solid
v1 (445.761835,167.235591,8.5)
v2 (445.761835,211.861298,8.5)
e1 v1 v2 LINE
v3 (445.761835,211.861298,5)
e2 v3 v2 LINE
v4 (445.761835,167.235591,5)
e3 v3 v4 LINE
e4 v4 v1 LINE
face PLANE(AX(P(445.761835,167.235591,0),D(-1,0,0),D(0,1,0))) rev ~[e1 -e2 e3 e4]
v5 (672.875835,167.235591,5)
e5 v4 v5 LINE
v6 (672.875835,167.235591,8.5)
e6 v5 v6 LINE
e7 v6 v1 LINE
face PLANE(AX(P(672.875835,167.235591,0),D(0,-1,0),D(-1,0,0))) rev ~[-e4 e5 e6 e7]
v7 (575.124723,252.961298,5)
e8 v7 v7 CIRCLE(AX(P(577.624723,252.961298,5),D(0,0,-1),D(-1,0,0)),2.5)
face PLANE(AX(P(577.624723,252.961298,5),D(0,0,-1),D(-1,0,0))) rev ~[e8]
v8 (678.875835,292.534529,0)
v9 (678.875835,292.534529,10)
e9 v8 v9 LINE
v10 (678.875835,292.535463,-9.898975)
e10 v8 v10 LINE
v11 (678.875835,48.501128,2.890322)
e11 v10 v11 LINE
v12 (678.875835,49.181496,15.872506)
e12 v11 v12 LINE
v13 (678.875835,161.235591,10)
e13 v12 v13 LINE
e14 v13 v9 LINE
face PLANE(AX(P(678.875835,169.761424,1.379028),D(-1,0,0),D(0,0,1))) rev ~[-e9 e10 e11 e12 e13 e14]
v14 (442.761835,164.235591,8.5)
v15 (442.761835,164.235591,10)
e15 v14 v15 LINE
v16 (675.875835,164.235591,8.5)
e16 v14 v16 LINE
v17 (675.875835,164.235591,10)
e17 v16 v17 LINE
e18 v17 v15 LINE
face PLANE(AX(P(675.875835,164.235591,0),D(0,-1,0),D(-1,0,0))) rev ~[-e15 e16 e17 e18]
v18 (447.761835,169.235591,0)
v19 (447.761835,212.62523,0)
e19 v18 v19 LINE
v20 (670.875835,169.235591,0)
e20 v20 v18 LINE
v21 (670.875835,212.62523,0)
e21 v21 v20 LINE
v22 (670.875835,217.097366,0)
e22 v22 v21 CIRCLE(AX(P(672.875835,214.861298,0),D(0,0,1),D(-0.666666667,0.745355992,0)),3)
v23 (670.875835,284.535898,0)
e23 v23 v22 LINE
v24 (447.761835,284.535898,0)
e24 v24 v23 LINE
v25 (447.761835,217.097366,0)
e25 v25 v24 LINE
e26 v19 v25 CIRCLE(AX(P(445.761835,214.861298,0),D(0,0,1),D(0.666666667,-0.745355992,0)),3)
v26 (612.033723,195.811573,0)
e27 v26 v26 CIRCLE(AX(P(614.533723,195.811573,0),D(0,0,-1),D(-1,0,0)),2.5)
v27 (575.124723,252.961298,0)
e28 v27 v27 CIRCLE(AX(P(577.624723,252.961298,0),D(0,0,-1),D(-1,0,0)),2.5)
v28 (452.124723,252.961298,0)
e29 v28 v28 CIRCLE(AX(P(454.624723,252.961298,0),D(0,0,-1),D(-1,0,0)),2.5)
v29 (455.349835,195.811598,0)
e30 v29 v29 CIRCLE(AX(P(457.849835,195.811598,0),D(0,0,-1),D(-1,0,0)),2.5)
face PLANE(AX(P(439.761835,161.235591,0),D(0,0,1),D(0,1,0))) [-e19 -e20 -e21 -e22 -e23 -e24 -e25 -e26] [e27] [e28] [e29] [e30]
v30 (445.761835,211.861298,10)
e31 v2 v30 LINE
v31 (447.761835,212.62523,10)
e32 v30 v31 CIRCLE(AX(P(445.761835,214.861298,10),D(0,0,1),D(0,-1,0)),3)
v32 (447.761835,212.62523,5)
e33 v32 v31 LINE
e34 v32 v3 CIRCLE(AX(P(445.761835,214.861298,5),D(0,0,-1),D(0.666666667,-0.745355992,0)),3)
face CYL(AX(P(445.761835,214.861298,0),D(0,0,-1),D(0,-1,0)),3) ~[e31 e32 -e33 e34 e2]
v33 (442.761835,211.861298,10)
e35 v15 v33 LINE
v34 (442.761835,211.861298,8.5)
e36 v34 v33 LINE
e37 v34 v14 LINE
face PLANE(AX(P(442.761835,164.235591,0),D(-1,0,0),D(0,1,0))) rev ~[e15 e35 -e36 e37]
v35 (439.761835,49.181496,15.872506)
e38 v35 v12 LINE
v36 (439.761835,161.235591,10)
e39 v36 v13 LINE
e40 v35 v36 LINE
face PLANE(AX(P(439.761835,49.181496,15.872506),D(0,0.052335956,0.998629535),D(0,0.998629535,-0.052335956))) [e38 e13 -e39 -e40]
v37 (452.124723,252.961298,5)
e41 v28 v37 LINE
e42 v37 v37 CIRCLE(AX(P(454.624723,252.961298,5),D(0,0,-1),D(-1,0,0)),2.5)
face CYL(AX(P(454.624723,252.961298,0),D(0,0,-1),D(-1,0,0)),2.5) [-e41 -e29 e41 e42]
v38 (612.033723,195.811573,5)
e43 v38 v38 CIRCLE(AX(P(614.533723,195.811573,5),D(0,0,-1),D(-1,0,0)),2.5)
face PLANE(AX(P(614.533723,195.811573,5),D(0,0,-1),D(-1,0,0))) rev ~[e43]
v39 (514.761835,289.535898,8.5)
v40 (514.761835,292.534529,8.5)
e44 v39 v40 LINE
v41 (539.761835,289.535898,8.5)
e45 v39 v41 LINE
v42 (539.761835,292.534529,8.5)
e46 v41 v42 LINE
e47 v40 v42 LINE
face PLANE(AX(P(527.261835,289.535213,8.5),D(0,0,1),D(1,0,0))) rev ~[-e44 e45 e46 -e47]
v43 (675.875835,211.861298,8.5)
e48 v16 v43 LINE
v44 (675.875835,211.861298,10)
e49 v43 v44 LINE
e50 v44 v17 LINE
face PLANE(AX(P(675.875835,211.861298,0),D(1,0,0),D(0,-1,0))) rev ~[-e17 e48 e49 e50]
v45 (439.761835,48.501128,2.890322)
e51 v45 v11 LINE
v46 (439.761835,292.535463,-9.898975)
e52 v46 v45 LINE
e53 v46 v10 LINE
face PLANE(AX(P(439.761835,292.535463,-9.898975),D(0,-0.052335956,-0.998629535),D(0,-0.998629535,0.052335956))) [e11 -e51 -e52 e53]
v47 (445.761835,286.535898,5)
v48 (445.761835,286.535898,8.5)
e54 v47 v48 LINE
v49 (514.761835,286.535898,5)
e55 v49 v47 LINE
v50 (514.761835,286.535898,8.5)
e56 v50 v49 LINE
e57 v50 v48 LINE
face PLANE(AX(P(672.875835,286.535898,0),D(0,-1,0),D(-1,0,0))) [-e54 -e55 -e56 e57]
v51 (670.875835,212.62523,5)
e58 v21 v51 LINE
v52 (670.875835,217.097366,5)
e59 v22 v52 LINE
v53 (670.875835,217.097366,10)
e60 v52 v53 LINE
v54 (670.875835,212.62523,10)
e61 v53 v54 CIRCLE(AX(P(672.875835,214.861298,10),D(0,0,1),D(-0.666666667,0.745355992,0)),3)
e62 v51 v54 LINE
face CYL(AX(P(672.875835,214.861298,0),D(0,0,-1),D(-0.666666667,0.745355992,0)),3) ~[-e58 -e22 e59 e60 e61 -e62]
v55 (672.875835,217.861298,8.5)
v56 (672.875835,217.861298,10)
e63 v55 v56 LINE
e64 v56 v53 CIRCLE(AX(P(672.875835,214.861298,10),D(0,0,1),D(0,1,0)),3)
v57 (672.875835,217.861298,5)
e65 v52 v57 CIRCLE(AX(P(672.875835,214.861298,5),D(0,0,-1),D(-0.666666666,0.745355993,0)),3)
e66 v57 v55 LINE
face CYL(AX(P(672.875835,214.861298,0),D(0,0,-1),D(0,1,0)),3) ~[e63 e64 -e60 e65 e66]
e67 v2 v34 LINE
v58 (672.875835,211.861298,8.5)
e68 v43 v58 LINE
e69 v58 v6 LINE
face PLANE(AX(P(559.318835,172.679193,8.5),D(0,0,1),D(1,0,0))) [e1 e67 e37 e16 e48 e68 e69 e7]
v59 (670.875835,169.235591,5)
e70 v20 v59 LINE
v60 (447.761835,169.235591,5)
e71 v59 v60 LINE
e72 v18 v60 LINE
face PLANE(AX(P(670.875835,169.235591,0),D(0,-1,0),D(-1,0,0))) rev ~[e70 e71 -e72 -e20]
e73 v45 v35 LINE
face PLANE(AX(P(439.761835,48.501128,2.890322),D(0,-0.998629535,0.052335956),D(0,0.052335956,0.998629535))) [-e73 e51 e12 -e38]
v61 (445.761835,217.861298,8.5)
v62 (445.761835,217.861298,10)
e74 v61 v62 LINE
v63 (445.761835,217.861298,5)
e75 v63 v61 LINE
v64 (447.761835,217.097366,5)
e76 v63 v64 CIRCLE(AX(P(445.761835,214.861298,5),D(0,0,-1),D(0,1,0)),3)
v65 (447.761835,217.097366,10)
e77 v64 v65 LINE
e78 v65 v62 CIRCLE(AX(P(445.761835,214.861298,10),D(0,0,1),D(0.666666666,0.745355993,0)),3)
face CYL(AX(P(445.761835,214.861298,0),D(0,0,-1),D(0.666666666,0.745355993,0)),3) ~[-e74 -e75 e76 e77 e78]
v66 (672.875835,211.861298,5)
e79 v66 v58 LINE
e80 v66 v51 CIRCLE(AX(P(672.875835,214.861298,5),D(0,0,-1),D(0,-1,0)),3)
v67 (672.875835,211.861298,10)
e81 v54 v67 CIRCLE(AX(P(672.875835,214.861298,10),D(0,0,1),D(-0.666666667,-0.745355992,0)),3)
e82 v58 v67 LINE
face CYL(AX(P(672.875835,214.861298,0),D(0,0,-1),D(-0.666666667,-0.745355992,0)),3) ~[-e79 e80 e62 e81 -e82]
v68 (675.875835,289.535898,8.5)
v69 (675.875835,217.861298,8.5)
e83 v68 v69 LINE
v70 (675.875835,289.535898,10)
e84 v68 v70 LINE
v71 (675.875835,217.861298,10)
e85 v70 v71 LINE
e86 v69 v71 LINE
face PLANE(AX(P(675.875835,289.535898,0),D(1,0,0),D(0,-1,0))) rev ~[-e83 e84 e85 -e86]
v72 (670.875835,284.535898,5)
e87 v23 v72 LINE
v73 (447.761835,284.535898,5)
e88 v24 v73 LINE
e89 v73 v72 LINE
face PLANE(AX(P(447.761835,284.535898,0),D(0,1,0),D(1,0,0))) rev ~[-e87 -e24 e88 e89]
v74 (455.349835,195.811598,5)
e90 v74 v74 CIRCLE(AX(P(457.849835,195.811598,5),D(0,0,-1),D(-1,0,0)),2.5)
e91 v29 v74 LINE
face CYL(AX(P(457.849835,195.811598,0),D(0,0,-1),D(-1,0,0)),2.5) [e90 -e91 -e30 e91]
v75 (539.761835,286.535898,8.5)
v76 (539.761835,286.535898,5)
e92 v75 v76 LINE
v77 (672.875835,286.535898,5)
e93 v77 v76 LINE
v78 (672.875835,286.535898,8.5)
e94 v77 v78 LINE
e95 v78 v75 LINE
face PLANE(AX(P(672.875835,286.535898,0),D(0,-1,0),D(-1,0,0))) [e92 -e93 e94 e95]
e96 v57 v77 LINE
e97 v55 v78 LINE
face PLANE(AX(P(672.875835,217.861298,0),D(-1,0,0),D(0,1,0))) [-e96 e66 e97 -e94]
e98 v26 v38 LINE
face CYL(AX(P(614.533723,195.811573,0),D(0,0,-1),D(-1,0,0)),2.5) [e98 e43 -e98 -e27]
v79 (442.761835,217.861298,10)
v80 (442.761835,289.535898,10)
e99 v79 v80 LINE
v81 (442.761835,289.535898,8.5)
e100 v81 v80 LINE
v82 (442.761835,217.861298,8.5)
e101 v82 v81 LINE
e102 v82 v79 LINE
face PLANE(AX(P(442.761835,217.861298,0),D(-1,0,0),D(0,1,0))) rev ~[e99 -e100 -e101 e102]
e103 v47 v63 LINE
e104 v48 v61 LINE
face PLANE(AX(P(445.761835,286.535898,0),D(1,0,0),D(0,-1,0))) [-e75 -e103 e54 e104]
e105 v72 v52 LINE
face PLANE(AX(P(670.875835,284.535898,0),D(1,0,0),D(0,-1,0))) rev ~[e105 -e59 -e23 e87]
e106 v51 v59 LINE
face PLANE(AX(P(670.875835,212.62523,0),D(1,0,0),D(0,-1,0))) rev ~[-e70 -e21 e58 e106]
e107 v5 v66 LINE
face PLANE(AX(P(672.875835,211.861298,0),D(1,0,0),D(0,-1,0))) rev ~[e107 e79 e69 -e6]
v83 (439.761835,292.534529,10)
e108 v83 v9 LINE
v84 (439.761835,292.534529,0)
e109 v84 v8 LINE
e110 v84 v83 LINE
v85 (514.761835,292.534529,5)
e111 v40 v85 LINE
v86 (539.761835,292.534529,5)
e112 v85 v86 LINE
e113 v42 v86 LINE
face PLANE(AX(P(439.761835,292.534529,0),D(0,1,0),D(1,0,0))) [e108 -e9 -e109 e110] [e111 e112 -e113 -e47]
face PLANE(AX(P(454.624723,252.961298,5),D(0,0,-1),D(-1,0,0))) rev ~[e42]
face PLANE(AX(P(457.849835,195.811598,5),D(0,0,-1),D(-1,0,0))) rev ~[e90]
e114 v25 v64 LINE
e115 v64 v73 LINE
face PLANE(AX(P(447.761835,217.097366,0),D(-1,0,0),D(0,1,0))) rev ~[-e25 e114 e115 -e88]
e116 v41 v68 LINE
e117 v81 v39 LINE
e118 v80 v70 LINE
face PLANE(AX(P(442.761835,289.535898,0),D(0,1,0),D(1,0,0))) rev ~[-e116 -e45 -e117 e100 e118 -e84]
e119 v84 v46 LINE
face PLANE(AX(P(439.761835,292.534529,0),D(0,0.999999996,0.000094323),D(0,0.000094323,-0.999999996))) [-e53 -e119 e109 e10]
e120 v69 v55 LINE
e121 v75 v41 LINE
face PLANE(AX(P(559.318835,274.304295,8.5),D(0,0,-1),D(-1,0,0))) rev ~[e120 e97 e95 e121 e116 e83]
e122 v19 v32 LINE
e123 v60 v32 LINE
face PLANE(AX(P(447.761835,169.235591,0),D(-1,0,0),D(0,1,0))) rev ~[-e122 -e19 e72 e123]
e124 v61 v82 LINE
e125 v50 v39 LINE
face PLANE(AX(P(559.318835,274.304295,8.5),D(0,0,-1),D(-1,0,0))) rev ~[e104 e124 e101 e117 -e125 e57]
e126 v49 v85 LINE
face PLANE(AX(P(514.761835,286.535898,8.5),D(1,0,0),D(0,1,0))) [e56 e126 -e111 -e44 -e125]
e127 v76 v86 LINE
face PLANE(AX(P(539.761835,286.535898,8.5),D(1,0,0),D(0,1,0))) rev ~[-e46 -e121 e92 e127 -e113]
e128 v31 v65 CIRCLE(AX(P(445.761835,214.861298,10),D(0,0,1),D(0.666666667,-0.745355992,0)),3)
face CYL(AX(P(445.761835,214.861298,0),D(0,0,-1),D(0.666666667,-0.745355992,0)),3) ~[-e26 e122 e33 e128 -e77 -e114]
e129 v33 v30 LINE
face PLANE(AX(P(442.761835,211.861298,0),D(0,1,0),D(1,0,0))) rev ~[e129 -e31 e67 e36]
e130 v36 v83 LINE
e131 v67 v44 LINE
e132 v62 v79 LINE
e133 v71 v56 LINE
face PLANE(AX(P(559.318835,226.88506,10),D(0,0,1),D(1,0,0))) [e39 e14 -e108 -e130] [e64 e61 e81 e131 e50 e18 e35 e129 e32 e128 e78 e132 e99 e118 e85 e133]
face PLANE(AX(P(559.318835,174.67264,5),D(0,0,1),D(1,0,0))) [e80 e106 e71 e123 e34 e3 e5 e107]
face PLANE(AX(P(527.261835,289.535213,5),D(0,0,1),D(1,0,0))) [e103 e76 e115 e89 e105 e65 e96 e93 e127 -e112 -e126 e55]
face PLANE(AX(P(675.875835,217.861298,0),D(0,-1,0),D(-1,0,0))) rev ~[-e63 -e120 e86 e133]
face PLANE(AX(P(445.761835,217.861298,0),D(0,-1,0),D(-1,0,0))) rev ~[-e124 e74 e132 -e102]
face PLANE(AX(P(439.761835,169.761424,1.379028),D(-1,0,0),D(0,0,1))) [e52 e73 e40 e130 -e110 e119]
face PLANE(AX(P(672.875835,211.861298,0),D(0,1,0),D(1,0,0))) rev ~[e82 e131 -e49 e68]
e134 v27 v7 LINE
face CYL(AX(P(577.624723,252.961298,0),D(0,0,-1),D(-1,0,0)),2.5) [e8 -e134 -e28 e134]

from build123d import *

# Parameters (mm, degrees)
MODEL_W             = 239.114
MODEL_H             = 131.298938207
EXTRUDE_2_DEPTH     = 10
EXTRUDE_3_DEPTH     = 8.5
EXTRUDE_4_DEPTH     = 5
SKETCH_3_R          = 2.5
EXTRUDE_5_DEPTH     = 5
EXTRUDE_5_2_DEPTH   = 5
EXTRUDE_5_3_DEPTH   = 5
EXTRUDE_5_4_DEPTH   = 5
EXTRUDE_6_DEPTH     = 239.114
SKETCH_5_W          = 25
SKETCH_5_H          = 5.998631207
CUT_EXTRUDE_1_DEPTH = 3.5


with BuildPart() as part:
    # Model → 凸台-拉伸2 (new body)
    with BuildSketch(Plane.XY):
        with Locations((559.31883528, 226.885059923)):
            Rectangle(MODEL_W, MODEL_H)
        with BuildLine():
            Line((442.76183528, 289.535897819), (675.87583528, 289.535897819))
            Line((675.87583528, 289.535897819), (675.87583528, 217.861297819))
            Line((675.87583528, 217.861297819), (672.87583528, 217.861297819))
            ThreePointArc((672.87583528, 217.861297819), (671.805369011, 217.663814896), (670.87583528, 217.097365797))
            ThreePointArc((670.87583528, 217.097365797), (669.87583528, 214.861297819), (670.87583528, 212.625229842))
            ThreePointArc((670.87583528, 212.625229842), (671.805369011, 212.058780742), (672.87583528, 211.861297819))
            Line((672.87583528, 211.861297819), (675.87583528, 211.861297819))
            Line((675.87583528, 211.861297819), (675.87583528, 164.235590819))
            Line((675.87583528, 164.235590819), (442.76183528, 164.235590819))
            Line((442.76183528, 164.235590819), (442.76183528, 211.861297819))
            Line((442.76183528, 211.861297819), (445.76183528, 211.861297819))
            ThreePointArc((445.76183528, 211.861297819), (446.832301549, 212.058780742), (447.76183528, 212.625229842))
            ThreePointArc((447.76183528, 212.625229842), (448.76183528, 214.861297819), (447.76183528, 217.097365797))
            ThreePointArc((447.76183528, 217.097365797), (446.832301549, 217.663814896), (445.76183528, 217.861297819))
            Line((445.76183528, 217.861297819), (442.76183528, 217.861297819))
            Line((442.76183528, 217.861297819), (442.76183528, 289.535897819))
        make_face(mode=Mode.SUBTRACT)
    extrude(amount=EXTRUDE_2_DEPTH)

    # Model<4> → 凸台-拉伸3 (add)
    with BuildSketch(Plane.XY):
        Polygon((445.76183528, 167.235590819), (445.76183528, 211.861297819), (442.76183528, 211.861297819), (442.76183528, 164.235590819), (675.87583528, 164.235590819), (675.87583528, 211.861297819), (672.87583528, 211.861297819), (672.87583528, 167.235590819), align=None)
        Polygon((442.76183528, 217.861297819), (442.76183528, 289.535897819), (675.87583528, 289.535897819), (675.87583528, 217.861297819), (672.87583528, 217.861297819), (672.87583528, 286.535897819), (445.76183528, 286.535897819), (445.76183528, 217.861297819), align=None)
    extrude(amount=EXTRUDE_3_DEPTH)

    # Model<5> → 凸台-拉伸4 (add)
    with BuildSketch(Plane.XY):
        with BuildLine():
            ThreePointArc((672.87583528, 211.861297819), (671.805369011, 212.058780742), (670.87583528, 212.625229842))
            Line((670.87583528, 212.625229842), (670.87583528, 169.235590819))
            Line((670.87583528, 169.235590819), (447.76183528, 169.235590819))
            Line((447.76183528, 169.235590819), (447.76183528, 212.625229842))
            ThreePointArc((447.76183528, 212.625229842), (446.832301549, 212.058780742), (445.76183528, 211.861297819))
            Line((445.76183528, 211.861297819), (445.76183528, 167.235590819))
            Line((445.76183528, 167.235590819), (672.87583528, 167.235590819))
            Line((672.87583528, 167.235590819), (672.87583528, 211.861297819))
        make_face()
        with BuildLine():
            ThreePointArc((670.87583528, 217.097365797), (671.805369011, 217.663814896), (672.87583528, 217.861297819))
            Line((672.87583528, 217.861297819), (672.87583528, 286.535897819))
            Line((672.87583528, 286.535897819), (539.76183528, 286.535897819))
            Line((539.76183528, 286.535897819), (514.76183528, 286.535897819))
            Line((514.76183528, 286.535897819), (445.76183528, 286.535897819))
            Line((445.76183528, 286.535897819), (445.76183528, 217.861297819))
            ThreePointArc((445.76183528, 217.861297819), (446.832301549, 217.663814896), (447.76183528, 217.097365797))
            Line((447.76183528, 217.097365797), (447.76183528, 284.535897819))
            Line((447.76183528, 284.535897819), (670.87583528, 284.535897819))
            Line((670.87583528, 284.535897819), (670.87583528, 217.097365797))
        make_face()
    extrude(amount=EXTRUDE_4_DEPTH)



with BuildPart() as body_2:
    # 草图3 → 凸台-拉伸5 (new body)
    with BuildSketch(Plane(origin=(0, 0, 0), x_dir=(-1, 0, 0), z_dir=(0, 0, -1))):
        with Locations((-577.62472278, 252.961297819)):
            Circle(SKETCH_3_R)
    extrude(amount=-EXTRUDE_5_DEPTH)


with BuildPart() as body_3:
    # 草图3 → Extrude 5 2 (new body)
    with BuildSketch(Plane(origin=(0, 0, 0), x_dir=(-1, 0, 0), z_dir=(0, 0, -1))):
        with Locations((-614.53372278, 195.811572819)):
            Circle(SKETCH_3_R)
    extrude(amount=-EXTRUDE_5_2_DEPTH)


with BuildPart() as body_4:
    # 草图3 → Extrude 5 3 (new body)
    with BuildSketch(Plane(origin=(0, 0, 0), x_dir=(-1, 0, 0), z_dir=(0, 0, -1))):
        with Locations((-457.84983528, 195.811597819)):
            Circle(SKETCH_3_R)
    extrude(amount=-EXTRUDE_5_3_DEPTH)


with BuildPart() as body_5:
    # 草图3 → Extrude 5 4 (new body)
    with BuildSketch(Plane(origin=(0, 0, 0), x_dir=(-1, 0, 0), z_dir=(0, 0, -1))):
        with Locations((-454.62472278, 252.961297819)):
            Circle(SKETCH_3_R)
    extrude(amount=-EXTRUDE_5_4_DEPTH)


with BuildPart() as part_1:
    add(part.part)

    add(body_2.part)  # 凸台-拉伸6 merges body 2

    add(body_3.part)  # 凸台-拉伸6 merges body 3

    add(body_4.part)  # 凸台-拉伸6 merges body 4

    add(body_5.part)  # 凸台-拉伸6 merges body 5
    # 草图4 → 凸台-拉伸6 (add)
    with BuildSketch(Plane.ZY.offset(-439.76183528)):
        Polygon((-9.898975205, 292.535462726), (2.890322341, 48.501128108), (15.872506293, 49.181495539), (10, 161.235590819), (0, 161.235590819), (0, 292.534529026), align=None)
    extrude(amount=-EXTRUDE_6_DEPTH)

    # 草图5 → 切除-拉伸1 (cut)
    with BuildSketch(Plane.XY.offset(8.5)):
        with Locations((527.26183528, 289.535213423)):
            Rectangle(SKETCH_5_W, SKETCH_5_H)
    extrude(amount=-CUT_EXTRUDE_1_DEPTH, mode=Mode.SUBTRACT)


solid = part_1.part
